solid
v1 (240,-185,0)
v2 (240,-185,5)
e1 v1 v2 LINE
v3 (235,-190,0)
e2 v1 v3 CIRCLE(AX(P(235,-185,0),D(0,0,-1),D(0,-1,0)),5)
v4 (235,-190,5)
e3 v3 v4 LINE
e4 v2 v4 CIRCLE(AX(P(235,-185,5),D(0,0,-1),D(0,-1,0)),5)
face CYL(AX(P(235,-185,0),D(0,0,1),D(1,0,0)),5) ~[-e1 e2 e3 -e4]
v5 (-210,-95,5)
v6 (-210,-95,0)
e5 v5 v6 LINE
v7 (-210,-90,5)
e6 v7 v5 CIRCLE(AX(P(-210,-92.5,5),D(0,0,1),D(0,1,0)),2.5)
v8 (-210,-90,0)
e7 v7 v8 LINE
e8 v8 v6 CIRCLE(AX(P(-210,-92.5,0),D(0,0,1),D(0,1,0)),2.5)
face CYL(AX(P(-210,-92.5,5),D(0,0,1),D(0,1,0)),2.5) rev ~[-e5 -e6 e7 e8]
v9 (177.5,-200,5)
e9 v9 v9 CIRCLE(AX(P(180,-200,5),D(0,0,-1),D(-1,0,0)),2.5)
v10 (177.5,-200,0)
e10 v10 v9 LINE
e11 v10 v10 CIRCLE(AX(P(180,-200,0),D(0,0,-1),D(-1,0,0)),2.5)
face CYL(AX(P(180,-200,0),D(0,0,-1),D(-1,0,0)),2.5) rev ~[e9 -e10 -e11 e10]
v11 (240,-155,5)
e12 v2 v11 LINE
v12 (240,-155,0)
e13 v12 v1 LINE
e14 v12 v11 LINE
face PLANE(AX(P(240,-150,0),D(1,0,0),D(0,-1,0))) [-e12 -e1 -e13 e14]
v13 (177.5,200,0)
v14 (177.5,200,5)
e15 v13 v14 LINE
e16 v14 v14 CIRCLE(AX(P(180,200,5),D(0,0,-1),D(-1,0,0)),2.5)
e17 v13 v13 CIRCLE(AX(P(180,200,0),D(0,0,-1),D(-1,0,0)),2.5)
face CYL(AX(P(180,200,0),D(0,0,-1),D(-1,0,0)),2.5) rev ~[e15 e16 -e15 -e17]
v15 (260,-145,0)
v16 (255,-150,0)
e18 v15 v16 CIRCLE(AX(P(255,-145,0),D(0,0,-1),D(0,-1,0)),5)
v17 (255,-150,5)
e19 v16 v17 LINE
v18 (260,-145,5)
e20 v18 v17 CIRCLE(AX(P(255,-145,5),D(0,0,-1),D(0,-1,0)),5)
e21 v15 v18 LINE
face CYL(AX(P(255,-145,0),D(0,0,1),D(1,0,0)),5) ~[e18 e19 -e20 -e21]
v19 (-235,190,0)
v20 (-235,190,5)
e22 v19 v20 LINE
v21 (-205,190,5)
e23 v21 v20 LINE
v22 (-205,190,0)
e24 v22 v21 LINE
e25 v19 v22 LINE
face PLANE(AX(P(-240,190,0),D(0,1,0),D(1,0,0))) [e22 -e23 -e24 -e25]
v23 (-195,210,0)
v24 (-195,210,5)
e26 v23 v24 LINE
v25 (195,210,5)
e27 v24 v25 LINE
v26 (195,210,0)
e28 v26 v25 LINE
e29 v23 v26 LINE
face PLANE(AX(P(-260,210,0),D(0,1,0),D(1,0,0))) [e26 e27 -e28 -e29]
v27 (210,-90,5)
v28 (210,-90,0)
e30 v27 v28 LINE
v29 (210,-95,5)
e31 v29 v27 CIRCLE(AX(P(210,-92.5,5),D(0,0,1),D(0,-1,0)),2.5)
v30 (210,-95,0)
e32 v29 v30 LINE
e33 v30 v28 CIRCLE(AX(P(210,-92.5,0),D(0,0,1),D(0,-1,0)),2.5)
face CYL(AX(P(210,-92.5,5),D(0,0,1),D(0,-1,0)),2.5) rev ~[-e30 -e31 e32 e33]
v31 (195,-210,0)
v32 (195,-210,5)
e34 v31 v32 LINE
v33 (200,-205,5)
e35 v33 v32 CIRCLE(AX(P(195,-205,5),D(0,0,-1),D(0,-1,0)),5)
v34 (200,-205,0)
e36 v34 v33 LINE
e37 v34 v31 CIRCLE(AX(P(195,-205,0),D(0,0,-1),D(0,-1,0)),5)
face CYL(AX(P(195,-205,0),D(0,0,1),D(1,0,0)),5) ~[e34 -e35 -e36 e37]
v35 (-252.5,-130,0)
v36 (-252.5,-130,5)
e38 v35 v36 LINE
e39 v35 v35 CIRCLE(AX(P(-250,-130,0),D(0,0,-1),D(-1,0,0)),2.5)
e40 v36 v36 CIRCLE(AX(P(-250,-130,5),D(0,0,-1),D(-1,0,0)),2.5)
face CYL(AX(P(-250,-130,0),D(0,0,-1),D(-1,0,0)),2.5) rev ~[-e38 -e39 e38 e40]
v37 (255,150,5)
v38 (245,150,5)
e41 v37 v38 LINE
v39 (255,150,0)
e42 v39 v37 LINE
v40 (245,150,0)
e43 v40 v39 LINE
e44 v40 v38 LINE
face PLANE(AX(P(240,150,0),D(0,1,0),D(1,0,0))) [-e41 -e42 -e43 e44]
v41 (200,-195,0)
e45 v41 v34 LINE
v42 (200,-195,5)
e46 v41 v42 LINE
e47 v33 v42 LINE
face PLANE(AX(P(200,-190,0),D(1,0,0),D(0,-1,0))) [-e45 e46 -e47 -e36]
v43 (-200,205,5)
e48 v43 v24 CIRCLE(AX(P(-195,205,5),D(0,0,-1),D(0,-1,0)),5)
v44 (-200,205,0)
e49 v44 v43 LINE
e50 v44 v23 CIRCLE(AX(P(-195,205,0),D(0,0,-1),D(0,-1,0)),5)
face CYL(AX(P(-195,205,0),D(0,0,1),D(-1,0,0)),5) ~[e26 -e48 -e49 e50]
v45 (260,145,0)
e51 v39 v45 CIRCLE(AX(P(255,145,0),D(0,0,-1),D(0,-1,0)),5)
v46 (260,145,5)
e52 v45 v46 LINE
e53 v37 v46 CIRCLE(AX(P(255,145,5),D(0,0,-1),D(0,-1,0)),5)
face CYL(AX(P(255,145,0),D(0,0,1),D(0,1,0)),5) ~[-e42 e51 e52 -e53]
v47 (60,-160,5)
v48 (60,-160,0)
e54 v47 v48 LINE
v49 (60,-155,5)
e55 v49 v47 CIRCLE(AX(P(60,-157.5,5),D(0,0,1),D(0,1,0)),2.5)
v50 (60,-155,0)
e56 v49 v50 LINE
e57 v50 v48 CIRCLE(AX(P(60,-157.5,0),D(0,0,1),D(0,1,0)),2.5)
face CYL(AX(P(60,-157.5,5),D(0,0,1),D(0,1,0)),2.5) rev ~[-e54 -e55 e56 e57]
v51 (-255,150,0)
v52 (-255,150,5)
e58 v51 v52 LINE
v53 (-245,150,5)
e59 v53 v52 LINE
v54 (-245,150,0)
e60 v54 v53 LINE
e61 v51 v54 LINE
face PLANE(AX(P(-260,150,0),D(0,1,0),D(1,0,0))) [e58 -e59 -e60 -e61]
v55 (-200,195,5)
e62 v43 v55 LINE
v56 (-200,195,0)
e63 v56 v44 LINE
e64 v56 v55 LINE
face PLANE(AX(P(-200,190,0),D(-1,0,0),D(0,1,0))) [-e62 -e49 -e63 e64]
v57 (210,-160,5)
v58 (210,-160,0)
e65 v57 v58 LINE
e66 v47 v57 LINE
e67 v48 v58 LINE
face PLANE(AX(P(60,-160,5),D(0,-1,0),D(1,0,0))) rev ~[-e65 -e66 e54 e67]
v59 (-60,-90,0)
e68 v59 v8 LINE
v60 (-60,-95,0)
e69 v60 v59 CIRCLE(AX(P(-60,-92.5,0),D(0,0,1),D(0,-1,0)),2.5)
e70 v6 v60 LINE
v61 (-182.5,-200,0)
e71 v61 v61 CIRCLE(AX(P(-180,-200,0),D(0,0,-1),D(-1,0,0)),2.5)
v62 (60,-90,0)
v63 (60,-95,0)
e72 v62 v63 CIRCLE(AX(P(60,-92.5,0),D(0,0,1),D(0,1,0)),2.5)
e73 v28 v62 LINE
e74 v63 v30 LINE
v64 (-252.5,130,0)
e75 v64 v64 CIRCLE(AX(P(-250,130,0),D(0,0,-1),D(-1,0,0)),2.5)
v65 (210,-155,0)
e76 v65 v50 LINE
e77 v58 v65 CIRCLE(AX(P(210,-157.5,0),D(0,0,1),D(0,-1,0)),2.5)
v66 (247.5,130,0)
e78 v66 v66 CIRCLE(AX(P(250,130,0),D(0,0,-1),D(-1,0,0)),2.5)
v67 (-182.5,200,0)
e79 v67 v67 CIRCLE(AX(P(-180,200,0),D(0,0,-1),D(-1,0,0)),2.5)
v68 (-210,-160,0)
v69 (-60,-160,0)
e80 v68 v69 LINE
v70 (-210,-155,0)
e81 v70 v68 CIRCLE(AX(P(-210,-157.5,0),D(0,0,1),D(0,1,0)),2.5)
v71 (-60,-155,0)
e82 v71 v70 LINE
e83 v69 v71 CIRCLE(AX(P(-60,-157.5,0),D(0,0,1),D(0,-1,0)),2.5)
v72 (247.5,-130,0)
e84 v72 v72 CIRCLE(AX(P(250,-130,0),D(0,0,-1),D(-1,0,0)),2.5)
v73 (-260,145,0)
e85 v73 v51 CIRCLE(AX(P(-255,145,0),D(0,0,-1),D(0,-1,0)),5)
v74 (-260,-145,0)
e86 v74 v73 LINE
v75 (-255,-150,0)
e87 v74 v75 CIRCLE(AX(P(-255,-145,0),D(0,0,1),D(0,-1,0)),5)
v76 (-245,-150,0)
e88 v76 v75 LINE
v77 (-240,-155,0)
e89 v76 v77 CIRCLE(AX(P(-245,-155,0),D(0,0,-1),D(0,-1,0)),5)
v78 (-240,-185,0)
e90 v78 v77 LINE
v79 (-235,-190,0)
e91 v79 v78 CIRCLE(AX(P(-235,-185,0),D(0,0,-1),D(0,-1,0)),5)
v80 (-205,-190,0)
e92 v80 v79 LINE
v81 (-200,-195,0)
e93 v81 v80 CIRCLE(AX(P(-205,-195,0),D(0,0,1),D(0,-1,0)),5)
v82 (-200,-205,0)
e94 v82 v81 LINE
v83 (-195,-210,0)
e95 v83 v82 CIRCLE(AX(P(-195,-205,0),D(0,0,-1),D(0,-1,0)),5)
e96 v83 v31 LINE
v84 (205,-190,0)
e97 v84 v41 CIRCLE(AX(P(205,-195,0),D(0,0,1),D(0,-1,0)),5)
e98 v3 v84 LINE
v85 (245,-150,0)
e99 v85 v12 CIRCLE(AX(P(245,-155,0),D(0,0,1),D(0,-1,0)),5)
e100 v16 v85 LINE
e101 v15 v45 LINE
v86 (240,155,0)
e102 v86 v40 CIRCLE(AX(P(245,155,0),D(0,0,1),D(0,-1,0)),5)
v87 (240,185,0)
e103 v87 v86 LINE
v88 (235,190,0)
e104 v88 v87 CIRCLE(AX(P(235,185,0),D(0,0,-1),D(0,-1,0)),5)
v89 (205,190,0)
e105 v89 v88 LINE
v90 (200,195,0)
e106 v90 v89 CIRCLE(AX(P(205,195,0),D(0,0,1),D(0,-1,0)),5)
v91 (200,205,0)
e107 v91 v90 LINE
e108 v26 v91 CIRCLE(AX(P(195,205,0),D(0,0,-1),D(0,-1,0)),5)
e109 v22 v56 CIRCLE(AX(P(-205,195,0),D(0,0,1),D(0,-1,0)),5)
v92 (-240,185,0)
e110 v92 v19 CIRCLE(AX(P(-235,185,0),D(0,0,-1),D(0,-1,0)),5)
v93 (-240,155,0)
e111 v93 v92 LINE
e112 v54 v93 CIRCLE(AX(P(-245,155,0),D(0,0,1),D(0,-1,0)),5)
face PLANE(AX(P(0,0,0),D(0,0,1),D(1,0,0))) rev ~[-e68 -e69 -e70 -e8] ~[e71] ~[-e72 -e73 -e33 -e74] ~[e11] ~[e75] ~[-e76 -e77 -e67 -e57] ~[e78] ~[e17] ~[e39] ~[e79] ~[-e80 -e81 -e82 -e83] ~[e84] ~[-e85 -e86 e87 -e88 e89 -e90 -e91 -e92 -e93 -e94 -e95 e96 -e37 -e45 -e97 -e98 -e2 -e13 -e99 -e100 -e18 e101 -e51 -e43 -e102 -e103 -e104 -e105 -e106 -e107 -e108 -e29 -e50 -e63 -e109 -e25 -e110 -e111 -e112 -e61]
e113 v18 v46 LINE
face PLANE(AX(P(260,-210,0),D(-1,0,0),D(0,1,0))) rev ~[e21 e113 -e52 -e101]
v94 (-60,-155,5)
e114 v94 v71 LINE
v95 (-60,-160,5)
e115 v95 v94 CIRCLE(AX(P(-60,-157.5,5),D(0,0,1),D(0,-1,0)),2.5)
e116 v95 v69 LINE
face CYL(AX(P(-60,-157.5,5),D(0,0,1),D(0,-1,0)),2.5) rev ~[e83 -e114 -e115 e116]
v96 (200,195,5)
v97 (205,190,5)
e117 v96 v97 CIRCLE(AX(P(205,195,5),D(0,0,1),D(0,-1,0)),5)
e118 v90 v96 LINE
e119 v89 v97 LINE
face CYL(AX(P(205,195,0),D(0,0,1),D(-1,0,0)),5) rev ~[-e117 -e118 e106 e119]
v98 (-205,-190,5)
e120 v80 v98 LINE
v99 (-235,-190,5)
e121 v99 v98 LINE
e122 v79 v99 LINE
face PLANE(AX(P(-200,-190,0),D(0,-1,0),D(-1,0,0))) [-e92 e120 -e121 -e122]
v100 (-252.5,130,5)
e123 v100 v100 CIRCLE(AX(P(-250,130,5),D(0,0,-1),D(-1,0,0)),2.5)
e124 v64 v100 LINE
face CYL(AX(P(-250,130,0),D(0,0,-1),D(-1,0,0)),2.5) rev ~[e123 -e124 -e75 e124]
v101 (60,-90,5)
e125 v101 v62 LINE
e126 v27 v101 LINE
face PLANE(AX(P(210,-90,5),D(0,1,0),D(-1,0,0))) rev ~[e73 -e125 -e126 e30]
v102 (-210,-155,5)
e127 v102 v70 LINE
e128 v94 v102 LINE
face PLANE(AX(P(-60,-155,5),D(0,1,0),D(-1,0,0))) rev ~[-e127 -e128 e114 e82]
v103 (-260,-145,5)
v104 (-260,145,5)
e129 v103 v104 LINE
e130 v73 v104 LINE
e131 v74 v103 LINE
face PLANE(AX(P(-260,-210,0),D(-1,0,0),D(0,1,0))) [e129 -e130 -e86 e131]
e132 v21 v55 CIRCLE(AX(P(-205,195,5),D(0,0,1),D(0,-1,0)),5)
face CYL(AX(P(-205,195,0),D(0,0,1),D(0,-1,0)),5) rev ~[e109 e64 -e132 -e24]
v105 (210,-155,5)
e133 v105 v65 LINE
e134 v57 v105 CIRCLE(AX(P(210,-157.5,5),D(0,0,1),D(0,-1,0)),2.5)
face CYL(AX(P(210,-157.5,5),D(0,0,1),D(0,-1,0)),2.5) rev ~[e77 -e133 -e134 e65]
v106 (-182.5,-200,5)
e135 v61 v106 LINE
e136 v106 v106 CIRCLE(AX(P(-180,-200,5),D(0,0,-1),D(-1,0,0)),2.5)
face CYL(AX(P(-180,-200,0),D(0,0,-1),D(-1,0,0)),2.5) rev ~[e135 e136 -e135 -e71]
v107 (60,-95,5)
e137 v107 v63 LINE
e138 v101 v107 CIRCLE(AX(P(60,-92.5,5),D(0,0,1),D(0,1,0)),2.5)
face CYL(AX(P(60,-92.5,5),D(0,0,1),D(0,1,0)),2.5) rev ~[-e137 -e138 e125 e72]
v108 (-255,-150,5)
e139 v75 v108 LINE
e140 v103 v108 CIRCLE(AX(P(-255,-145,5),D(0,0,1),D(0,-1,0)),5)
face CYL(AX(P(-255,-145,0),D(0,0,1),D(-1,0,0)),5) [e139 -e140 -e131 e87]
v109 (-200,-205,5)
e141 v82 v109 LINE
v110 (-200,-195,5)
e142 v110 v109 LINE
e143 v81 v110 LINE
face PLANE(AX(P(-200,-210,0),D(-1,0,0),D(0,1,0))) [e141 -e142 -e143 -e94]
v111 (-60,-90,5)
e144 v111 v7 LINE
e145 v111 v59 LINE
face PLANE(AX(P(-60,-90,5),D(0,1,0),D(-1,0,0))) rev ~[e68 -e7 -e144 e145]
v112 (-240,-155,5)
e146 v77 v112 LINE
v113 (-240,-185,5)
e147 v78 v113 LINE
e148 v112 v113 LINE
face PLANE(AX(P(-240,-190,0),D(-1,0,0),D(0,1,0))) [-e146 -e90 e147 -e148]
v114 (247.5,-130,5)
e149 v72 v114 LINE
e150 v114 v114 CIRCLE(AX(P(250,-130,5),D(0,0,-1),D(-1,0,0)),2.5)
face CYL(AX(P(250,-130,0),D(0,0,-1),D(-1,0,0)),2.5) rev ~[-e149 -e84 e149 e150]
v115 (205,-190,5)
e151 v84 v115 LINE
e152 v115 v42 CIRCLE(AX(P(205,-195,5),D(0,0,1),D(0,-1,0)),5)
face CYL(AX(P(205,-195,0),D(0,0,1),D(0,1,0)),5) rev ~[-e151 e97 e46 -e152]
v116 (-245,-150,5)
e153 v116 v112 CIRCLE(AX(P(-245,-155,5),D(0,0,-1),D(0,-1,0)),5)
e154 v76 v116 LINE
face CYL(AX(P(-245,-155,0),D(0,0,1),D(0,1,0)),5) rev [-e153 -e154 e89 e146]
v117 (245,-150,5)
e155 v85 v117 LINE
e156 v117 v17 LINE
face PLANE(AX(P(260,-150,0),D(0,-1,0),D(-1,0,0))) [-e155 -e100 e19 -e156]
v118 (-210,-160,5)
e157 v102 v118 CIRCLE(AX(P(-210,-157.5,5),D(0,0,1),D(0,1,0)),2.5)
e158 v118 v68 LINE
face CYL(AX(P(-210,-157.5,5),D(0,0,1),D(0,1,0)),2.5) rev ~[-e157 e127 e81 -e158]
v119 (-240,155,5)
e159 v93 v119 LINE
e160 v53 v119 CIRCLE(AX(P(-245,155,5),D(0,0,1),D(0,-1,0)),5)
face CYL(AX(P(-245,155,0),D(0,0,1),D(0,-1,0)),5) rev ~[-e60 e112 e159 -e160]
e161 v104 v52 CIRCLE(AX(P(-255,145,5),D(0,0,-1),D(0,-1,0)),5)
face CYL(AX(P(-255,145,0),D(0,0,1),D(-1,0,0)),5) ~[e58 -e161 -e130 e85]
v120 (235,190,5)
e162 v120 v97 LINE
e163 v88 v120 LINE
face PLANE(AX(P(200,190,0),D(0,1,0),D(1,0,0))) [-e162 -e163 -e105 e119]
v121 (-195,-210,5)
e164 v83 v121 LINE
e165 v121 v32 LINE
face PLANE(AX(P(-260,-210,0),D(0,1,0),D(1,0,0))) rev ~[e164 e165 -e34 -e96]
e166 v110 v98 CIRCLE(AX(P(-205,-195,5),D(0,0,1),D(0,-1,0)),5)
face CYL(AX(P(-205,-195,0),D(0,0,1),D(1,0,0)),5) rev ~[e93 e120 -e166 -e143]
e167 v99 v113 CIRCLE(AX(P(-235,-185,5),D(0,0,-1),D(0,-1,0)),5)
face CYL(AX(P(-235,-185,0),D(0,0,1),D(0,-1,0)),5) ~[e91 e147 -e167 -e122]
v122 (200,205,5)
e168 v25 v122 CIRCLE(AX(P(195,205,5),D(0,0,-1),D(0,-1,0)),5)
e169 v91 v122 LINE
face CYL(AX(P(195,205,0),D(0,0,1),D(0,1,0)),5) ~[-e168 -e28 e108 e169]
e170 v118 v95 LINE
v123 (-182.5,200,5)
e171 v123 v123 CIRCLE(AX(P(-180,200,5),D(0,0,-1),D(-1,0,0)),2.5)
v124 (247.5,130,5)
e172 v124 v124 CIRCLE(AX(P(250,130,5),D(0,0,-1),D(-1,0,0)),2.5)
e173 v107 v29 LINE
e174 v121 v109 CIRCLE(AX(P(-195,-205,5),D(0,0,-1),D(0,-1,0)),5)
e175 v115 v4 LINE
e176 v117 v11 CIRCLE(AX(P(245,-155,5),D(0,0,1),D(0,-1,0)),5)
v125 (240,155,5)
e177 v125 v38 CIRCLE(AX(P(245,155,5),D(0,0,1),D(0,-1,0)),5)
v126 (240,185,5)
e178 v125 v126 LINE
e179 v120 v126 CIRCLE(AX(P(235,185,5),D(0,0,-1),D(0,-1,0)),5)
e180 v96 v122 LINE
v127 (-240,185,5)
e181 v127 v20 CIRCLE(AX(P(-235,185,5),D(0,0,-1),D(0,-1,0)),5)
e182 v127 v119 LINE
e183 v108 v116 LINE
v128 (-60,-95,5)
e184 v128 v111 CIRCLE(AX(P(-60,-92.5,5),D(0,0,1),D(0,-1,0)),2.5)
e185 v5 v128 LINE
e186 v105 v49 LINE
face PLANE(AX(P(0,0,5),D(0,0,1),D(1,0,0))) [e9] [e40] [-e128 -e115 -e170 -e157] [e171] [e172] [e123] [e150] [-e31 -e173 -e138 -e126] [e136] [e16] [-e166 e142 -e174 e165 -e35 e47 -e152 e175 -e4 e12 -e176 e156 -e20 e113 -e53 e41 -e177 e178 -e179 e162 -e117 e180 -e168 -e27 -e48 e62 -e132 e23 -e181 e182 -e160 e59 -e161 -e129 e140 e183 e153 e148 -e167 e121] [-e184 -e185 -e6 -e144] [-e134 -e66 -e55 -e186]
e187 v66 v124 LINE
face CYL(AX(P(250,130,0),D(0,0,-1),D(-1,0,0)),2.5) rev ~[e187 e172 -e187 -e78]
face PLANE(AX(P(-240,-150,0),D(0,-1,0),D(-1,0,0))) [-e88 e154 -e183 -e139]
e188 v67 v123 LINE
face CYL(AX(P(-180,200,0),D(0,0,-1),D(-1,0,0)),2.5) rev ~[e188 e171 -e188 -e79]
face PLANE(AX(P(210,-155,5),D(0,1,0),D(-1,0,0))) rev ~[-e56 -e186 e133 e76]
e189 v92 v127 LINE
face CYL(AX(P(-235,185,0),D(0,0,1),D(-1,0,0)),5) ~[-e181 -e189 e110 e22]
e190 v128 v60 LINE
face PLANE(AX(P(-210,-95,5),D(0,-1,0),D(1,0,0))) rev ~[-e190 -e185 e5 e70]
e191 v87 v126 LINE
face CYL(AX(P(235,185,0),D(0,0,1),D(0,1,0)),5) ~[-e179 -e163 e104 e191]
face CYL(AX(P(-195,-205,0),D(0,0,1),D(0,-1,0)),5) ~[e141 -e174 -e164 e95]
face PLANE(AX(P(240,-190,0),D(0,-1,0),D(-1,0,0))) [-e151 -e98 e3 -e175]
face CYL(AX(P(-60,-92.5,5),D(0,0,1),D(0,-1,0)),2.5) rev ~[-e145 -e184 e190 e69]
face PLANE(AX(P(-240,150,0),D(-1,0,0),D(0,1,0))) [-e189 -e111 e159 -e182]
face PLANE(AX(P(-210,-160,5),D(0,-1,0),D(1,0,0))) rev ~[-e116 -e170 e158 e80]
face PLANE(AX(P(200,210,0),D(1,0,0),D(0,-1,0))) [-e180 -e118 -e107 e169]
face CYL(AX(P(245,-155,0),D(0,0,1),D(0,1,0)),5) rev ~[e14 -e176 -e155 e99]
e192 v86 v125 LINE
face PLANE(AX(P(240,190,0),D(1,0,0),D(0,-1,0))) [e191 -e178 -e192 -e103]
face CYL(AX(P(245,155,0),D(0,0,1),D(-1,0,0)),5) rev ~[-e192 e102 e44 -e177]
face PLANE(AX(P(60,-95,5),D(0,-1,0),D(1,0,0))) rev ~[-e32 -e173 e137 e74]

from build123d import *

# Parameters (mm, degrees)
SKETCH_1_W          = 520
SKETCH_1_H          = 420
EXTRUDE_2_DEPTH     = 5
SKETCH_2_R          = 2.5
CUT_EXTRUDE_1_DEPTH = 335.252898267
FILLET_1_R          = 5
CUT_EXTRUDE_2_DEPTH = 10


with BuildPart() as part:
    # 草图1 → 凸台-拉伸2 (new body)
    with BuildSketch(Plane.XY):
        Rectangle(SKETCH_1_W, SKETCH_1_H)
    extrude(amount=EXTRUDE_2_DEPTH)

    # 草图2 → 切除-拉伸1 (cut, through all)
    with BuildSketch(Plane(origin=(0, 0, 0), x_dir=(-1, 0, 0), z_dir=(0, 0, -1))):
        with Locations((-180, 200)):
            Circle(SKETCH_2_R)
        with Locations((-250, 130)):
            Circle(SKETCH_2_R)
        with Locations((-250, -130)):
            Circle(SKETCH_2_R)
        with Locations((-180, -200)):
            Circle(SKETCH_2_R)
        with Locations((180, -200)):
            Circle(SKETCH_2_R)
        with Locations((250, -130)):
            Circle(SKETCH_2_R)
        with Locations((250, 130)):
            Circle(SKETCH_2_R)
        with Locations((180, 200)):
            Circle(SKETCH_2_R)
        Polygon((240, -190), (240, -150), (260, -150), (260, -210), (200, -210), (200, -190), align=None)
        Polygon((240, 190), (200, 190), (200, 210), (260, 210), (260, 150), (240, 150), align=None)
        Polygon((-240, 190), (-240, 150), (-260, 150), (-260, 210), (-200, 210), (-200, 190), align=None)
        Polygon((-240, -190), (-200, -190), (-200, -210), (-260, -210), (-260, -150), (-240, -150), align=None)
    extrude(amount=-CUT_EXTRUDE_1_DEPTH, mode=Mode.SUBTRACT)

    # 圆角1
    fillet_1_edges = [part.edges().sort_by_distance(p)[0] for p in [
        (-240, 150, 2.5),
        (-240, 190, 2.5),
        (-200, 190, 2.5),
        (-200, 210, 2.5),
        (-260, 150, 2.5),
        (-200, -190, 2.5),
        (-240, -190, 2.5),
        (-240, -150, 2.5),
        (-260, -150, 2.5),
        (-200, -210, 2.5),
        (260, -150, 2.5),
        (240, -150, 2.5),
        (240, -190, 2.5),
        (200, -190, 2.5),
        (200, -210, 2.5),
        (200, 210, 2.5),
        (200, 190, 2.5),
        (240, 190, 2.5),
        (240, 150, 2.5),
        (260, 150, 2.5),
    ]]
    fillet(fillet_1_edges, radius=FILLET_1_R)

    # 草图3 → 切除-拉伸2 (cut)
    with BuildSketch(Plane.XY.offset(5)):
        with BuildLine():
            Line((-210, -95), (-60, -95))
            ThreePointArc((-60, -95), (-57.5, -92.5), (-60, -90))
            Line((-60, -90), (-210, -90))
            ThreePointArc((-210, -90), (-212.5, -92.5), (-210, -95))
        make_face()
        with BuildLine():
            Line((-210, -160), (-60, -160))
            ThreePointArc((-60, -160), (-57.5, -157.5), (-60, -155))
            Line((-60, -155), (-210, -155))
            ThreePointArc((-210, -155), (-212.5, -157.5), (-210, -160))
        make_face()
        with BuildLine():
            Line((60, -160), (210, -160))
            ThreePointArc((210, -160), (212.5, -157.5), (210, -155))
            Line((210, -155), (60, -155))
            ThreePointArc((60, -155), (57.5, -157.5), (60, -160))
        make_face()
        with BuildLine():
            Line((60, -95), (210, -95))
            ThreePointArc((210, -95), (212.5, -92.5), (210, -90))
            Line((210, -90), (60, -90))
            ThreePointArc((60, -90), (57.5, -92.5), (60, -95))
        make_face()
    extrude(amount=-CUT_EXTRUDE_2_DEPTH, mode=Mode.SUBTRACT)


solid = part.part
